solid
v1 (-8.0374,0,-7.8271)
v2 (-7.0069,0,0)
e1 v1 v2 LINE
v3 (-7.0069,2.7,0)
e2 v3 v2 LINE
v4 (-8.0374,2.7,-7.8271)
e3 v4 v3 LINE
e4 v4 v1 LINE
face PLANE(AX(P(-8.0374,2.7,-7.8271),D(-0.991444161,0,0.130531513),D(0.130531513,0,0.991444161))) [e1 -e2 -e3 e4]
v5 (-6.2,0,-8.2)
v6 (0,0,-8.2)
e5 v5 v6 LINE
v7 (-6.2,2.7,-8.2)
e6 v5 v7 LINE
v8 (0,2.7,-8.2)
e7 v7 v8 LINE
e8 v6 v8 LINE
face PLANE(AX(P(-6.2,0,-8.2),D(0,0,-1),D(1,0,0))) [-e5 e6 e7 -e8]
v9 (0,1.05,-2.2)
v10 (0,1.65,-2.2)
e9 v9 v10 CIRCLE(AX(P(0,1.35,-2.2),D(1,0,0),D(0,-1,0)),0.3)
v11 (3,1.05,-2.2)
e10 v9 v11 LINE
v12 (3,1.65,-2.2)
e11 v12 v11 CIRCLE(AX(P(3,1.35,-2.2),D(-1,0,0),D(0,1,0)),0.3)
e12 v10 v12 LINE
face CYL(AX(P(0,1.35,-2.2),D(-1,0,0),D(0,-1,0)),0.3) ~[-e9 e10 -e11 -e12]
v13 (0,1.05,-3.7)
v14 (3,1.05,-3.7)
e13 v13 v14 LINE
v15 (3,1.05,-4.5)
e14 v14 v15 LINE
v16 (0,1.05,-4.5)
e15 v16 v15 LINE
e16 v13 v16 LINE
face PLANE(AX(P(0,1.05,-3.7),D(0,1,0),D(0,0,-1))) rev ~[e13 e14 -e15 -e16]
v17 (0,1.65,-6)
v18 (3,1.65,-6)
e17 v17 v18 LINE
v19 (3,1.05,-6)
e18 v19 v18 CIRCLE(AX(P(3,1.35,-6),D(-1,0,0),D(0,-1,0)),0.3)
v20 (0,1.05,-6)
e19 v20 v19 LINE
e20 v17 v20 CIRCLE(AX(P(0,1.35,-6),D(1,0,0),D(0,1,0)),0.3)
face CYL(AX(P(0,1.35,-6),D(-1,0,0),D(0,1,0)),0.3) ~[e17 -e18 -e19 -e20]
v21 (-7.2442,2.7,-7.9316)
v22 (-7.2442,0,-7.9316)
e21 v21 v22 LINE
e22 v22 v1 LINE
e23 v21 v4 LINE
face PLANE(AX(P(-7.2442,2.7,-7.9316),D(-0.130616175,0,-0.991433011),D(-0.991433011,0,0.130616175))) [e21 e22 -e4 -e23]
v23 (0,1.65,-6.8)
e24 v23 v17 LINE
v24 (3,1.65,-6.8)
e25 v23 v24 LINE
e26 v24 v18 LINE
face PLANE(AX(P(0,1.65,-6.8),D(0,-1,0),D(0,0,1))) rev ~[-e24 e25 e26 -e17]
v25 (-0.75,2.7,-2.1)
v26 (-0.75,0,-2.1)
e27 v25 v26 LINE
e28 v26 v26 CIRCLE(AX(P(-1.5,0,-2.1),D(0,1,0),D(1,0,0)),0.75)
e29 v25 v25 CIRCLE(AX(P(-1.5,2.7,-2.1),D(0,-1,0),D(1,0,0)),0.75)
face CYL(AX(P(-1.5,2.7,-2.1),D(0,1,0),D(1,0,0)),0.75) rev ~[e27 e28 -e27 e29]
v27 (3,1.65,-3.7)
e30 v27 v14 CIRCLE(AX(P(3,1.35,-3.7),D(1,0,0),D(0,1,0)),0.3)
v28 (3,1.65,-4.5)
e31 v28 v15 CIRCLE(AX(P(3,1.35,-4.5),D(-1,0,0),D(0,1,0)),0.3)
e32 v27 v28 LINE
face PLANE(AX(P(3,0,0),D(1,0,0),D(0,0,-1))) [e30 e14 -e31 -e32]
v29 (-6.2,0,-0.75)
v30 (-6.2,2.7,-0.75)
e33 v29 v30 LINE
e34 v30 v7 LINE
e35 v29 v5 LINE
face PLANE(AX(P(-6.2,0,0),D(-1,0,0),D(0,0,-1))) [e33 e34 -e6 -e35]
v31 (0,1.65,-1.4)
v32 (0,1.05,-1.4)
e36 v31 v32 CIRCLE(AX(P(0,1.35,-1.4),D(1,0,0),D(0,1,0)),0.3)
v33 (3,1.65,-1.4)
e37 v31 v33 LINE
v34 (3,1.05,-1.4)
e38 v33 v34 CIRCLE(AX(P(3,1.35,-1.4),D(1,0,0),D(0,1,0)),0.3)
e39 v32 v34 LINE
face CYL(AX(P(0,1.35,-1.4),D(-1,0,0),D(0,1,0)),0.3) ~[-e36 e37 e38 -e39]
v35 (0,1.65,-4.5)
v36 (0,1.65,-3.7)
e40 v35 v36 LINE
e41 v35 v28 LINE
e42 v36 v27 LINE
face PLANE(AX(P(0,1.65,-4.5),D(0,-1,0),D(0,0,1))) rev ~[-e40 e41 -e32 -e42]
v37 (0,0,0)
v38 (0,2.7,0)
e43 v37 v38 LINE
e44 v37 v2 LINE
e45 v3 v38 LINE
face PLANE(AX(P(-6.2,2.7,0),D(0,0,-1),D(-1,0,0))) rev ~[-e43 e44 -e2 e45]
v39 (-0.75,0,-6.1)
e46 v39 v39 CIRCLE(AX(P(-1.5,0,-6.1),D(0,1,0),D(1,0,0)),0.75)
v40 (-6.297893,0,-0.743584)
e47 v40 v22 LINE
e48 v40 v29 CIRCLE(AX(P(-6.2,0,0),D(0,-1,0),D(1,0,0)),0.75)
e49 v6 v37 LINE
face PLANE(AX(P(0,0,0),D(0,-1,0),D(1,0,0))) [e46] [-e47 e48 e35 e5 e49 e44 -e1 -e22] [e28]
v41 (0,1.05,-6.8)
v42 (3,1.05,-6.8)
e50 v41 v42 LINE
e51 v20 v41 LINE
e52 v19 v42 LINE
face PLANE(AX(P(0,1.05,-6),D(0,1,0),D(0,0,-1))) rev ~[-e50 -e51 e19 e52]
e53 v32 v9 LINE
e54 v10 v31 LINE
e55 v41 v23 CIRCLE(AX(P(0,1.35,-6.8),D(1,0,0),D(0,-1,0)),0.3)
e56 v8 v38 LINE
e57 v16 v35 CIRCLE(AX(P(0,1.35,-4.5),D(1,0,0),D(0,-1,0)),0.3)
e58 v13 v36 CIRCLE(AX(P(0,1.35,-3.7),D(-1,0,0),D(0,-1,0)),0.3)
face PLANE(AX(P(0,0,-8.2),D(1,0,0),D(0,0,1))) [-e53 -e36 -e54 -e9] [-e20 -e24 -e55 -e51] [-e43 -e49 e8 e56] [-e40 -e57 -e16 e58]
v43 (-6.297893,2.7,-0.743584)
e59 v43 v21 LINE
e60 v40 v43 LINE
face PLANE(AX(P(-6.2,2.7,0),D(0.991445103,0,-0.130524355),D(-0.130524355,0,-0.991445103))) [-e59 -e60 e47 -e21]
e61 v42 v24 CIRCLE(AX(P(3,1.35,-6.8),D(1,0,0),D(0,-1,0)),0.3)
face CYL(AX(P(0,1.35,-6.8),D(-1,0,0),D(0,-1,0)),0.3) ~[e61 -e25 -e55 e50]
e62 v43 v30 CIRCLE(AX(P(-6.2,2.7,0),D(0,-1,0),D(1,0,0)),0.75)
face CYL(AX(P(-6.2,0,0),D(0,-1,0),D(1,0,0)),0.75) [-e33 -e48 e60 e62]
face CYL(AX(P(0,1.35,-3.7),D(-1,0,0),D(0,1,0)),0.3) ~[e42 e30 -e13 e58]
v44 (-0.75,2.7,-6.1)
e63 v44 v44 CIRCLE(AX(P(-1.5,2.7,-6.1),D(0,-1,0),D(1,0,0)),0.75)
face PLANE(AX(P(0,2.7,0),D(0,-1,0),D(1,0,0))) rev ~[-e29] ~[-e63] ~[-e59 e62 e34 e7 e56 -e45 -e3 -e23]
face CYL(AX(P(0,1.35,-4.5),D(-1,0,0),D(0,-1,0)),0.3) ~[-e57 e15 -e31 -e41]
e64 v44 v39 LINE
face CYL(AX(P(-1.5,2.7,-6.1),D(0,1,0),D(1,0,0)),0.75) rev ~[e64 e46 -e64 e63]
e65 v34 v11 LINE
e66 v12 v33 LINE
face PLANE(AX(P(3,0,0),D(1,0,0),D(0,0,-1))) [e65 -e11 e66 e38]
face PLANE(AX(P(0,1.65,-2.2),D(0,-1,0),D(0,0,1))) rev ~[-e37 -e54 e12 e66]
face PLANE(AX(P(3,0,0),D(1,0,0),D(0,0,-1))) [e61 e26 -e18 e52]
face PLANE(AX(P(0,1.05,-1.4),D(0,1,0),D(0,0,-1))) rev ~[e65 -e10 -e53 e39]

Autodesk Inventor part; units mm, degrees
ref_plane "YZ Plane" through (0, 0, 0) normal (1, 0, 0) x (0, 1, 0)
ref_plane "XZ Plane" through (0, 0, 0) normal (0, 1, 0) x (-1, 0, 0)
ref_plane "XY Plane" through (0, 0, 0) normal (0, 0, 1) x (1, 0, 0)
sketch "Sketch1" plane through (0, 0, 0) normal (0, 1, 0) x (-1, 0, 0)
  line L0 (0, 0) -> (6.2, 0)
  line L1 (6.2, 0) -> (6.2, -8.2)
  line L2 (6.2, -8.2) -> (0, -8.2)
  line L3 (0, -8.2) -> (0, 0)
  dimension "d0" = 8.2
  dimension "d1" = 6.2
extrude "Extrusion1" add sketch "Sketch1" along normal blind 2.7
sketch "Sketch2" plane through (0, 2.7, 0) normal (0, 1, 0) x (1, 0, 0)
  line L0 (-6.2, 8.2) -> (-6.2, 0) projected
  line L1 (-6.2, 0) -> (0, 0) projected
  line L2 (0, 0) -> (0, 8.2) projected
  line L3 (0, 8.2) -> (-6.2, 8.2) projected
  line L4 (-6.2, 8.2) -> (-6.2, 0) projected
  line L5 (-6.2, 0) -> (-7.2442, 7.9316)
  line L6 (-7.2442, 7.9316) -> (-8.0374, 7.8271)
  line L7 (-8.0374, 7.8271) -> (-7.0069, 0)
  line L8 (-6.2, 0) -> (-7.0069, 0)
  dimension "d4" = 8
  dimension "d5" = 7.5
  dimension "d6" = 0.8
extrude "Extrusion2" add sketch "Sketch2" against normal up to surface (2.7 mm away) contours L8 L7 L6 L5
sketch "Sketch3" plane through (0, 0, 0) normal (0, -1, 0) x (1, 0, 0)
  line L0 (-6.2, -8.2) -> (-6.2, 0) projected
  line L1 (0, -8.2) -> (-6.2, -8.2) projected
  line L2 (0, 0) -> (0, -8.2) projected
  line L3 (-6.2, 0) -> (0, 0) projected
  line L4 (-7.0069, 0) -> (-8.0374, -7.8271) projected
  line L5 (-8.0374, -7.8271) -> (-7.2442, -7.9316) projected
  line L6 (-7.2442, -7.9316) -> (-6.2, 0) projected
  line L7 (-6.2, 0) -> (-7.0069, 0) projected
  line L8 (-6.2, 0) -> (0, 0) projected
  circle A0 centre (-6.2, 0) radius 0.75
  point P0 (-6.2979, -0.7436)
  point P1 (-6.2, -0.75)
  dimension "d9" = 1.5
extrude "Extrusion3" add sketch "Sketch3" against normal up to surface (2.7 mm away) contours A0 L6 L0
sketch "Sketch4" plane through (0, 2.7, 0) normal (0, 1, 0) x (1, 0, 0)
  line L0 (-6.2, 8.2) -> (-6.2, 0.75) projected
  arc A0 (-6.2, 0.75) -> (-6.2979, 0.7436) centre (-6.2, 0) ccw projected
  line L1 (-6.2979, 0.7436) -> (-7.2442, 7.9316) projected
  line L2 (-7.2442, 7.9316) -> (-8.0374, 7.8271) projected
  line L3 (-8.0374, 7.8271) -> (-7.0069, 0) projected
  line L4 (-7.0069, 0) -> (0, 0) projected
  line L5 (0, 0) -> (0, 8.2) projected
  line L6 (0, 8.2) -> (-6.2, 8.2) projected
  line L7 (0, 0) -> (0, 8.2) projected
  line L8 (0, 4.1) -> (-1.5, 4.1)
  line L9 (-1.5, 4.1) -> (-1.5, 6.1)
  line L10 (-1.5, 4.1) -> (-1.5, 2.1)
  circle A1 centre (-1.5, 2.1) radius 0.75
  circle A2 centre (-1.5, 6.1) radius 0.75
  dimension "d12" = 1.5
  dimension "d13" = 2
  dimension "d14" = 2
  dimension "d15" = 1.5
  dimension "d16" = 1.5
extrude "Extrusion4" cut sketch "Sketch4" against normal blind 2.7 contours A1 | A2
sketch "Sketch5" plane through (0, 0, 0) normal (1, 0, 0) x (0, 0, -1)
  line L0 (0, 0) -> (8.2, 0) projected
  line L1 (8.2, 0) -> (8.2, 2.7) projected
  line L2 (0, 2.7) -> (8.2, 2.7) projected
  line L3 (0, 0) -> (0, 2.7) projected
  line L4 (0.7436, 2.7) -> (7.9316, 2.7) projected
  line L5 (4.1, 2.7) -> (4.1, 1.35)
  line L6 (7.9316, 0) -> (0.7436, 0) projected
  line L7 (3.7, 1.35) -> (4.5, 1.35) construction
  line L8 (3.7, 1.05) -> (4.5, 1.05)
  line L9 (4.5, 1.65) -> (3.7, 1.65)
  arc A0 (3.7, 1.65) -> (3.7, 1.05) centre (3.7, 1.35) ccw
  arc A1 (4.5, 1.05) -> (4.5, 1.65) centre (4.5, 1.35) ccw
  line L10 (4.1, 1.35) -> (6.4, 1.35)
  line L11 (6, 1.35) -> (6.8, 1.35) construction
  line L12 (6, 1.05) -> (6.8, 1.05)
  line L13 (6.8, 1.65) -> (6, 1.65)
  arc A2 (6, 1.65) -> (6, 1.05) centre (6, 1.35) ccw
  arc A3 (6.8, 1.05) -> (6.8, 1.65) centre (6.8, 1.35) ccw
  line L14 (4.1, 1.35) -> (1.8, 1.35)
  line L15 (1.4, 1.35) -> (2.2, 1.35) construction
  line L16 (1.4, 1.05) -> (2.2, 1.05)
  line L17 (2.2, 1.65) -> (1.4, 1.65)
  arc A4 (1.4, 1.65) -> (1.4, 1.05) centre (1.4, 1.35) ccw
  arc A5 (2.2, 1.05) -> (2.2, 1.65) centre (2.2, 1.35) ccw
  dimension "d19" = 1.35
  dimension "d20" = 0.4
  dimension "d21" = 0.6
  dimension "d22" = 2.3
  dimension "d23" = 0.4
  dimension "d24" = 0.6
  dimension "d25" = 2.3
  dimension "d26" = 0.4
  dimension "d27" = 0.6
extrude "Extrusion5" add sketch "Sketch5" along normal blind 3 contours A2 L13 A3 L12 | A5 L16 A4 L17 | L9 A1 L10 L5 | L5 L14 A0 L9 | L10 A1 L8 A0 L14
properties part number "micro_switch_1"
